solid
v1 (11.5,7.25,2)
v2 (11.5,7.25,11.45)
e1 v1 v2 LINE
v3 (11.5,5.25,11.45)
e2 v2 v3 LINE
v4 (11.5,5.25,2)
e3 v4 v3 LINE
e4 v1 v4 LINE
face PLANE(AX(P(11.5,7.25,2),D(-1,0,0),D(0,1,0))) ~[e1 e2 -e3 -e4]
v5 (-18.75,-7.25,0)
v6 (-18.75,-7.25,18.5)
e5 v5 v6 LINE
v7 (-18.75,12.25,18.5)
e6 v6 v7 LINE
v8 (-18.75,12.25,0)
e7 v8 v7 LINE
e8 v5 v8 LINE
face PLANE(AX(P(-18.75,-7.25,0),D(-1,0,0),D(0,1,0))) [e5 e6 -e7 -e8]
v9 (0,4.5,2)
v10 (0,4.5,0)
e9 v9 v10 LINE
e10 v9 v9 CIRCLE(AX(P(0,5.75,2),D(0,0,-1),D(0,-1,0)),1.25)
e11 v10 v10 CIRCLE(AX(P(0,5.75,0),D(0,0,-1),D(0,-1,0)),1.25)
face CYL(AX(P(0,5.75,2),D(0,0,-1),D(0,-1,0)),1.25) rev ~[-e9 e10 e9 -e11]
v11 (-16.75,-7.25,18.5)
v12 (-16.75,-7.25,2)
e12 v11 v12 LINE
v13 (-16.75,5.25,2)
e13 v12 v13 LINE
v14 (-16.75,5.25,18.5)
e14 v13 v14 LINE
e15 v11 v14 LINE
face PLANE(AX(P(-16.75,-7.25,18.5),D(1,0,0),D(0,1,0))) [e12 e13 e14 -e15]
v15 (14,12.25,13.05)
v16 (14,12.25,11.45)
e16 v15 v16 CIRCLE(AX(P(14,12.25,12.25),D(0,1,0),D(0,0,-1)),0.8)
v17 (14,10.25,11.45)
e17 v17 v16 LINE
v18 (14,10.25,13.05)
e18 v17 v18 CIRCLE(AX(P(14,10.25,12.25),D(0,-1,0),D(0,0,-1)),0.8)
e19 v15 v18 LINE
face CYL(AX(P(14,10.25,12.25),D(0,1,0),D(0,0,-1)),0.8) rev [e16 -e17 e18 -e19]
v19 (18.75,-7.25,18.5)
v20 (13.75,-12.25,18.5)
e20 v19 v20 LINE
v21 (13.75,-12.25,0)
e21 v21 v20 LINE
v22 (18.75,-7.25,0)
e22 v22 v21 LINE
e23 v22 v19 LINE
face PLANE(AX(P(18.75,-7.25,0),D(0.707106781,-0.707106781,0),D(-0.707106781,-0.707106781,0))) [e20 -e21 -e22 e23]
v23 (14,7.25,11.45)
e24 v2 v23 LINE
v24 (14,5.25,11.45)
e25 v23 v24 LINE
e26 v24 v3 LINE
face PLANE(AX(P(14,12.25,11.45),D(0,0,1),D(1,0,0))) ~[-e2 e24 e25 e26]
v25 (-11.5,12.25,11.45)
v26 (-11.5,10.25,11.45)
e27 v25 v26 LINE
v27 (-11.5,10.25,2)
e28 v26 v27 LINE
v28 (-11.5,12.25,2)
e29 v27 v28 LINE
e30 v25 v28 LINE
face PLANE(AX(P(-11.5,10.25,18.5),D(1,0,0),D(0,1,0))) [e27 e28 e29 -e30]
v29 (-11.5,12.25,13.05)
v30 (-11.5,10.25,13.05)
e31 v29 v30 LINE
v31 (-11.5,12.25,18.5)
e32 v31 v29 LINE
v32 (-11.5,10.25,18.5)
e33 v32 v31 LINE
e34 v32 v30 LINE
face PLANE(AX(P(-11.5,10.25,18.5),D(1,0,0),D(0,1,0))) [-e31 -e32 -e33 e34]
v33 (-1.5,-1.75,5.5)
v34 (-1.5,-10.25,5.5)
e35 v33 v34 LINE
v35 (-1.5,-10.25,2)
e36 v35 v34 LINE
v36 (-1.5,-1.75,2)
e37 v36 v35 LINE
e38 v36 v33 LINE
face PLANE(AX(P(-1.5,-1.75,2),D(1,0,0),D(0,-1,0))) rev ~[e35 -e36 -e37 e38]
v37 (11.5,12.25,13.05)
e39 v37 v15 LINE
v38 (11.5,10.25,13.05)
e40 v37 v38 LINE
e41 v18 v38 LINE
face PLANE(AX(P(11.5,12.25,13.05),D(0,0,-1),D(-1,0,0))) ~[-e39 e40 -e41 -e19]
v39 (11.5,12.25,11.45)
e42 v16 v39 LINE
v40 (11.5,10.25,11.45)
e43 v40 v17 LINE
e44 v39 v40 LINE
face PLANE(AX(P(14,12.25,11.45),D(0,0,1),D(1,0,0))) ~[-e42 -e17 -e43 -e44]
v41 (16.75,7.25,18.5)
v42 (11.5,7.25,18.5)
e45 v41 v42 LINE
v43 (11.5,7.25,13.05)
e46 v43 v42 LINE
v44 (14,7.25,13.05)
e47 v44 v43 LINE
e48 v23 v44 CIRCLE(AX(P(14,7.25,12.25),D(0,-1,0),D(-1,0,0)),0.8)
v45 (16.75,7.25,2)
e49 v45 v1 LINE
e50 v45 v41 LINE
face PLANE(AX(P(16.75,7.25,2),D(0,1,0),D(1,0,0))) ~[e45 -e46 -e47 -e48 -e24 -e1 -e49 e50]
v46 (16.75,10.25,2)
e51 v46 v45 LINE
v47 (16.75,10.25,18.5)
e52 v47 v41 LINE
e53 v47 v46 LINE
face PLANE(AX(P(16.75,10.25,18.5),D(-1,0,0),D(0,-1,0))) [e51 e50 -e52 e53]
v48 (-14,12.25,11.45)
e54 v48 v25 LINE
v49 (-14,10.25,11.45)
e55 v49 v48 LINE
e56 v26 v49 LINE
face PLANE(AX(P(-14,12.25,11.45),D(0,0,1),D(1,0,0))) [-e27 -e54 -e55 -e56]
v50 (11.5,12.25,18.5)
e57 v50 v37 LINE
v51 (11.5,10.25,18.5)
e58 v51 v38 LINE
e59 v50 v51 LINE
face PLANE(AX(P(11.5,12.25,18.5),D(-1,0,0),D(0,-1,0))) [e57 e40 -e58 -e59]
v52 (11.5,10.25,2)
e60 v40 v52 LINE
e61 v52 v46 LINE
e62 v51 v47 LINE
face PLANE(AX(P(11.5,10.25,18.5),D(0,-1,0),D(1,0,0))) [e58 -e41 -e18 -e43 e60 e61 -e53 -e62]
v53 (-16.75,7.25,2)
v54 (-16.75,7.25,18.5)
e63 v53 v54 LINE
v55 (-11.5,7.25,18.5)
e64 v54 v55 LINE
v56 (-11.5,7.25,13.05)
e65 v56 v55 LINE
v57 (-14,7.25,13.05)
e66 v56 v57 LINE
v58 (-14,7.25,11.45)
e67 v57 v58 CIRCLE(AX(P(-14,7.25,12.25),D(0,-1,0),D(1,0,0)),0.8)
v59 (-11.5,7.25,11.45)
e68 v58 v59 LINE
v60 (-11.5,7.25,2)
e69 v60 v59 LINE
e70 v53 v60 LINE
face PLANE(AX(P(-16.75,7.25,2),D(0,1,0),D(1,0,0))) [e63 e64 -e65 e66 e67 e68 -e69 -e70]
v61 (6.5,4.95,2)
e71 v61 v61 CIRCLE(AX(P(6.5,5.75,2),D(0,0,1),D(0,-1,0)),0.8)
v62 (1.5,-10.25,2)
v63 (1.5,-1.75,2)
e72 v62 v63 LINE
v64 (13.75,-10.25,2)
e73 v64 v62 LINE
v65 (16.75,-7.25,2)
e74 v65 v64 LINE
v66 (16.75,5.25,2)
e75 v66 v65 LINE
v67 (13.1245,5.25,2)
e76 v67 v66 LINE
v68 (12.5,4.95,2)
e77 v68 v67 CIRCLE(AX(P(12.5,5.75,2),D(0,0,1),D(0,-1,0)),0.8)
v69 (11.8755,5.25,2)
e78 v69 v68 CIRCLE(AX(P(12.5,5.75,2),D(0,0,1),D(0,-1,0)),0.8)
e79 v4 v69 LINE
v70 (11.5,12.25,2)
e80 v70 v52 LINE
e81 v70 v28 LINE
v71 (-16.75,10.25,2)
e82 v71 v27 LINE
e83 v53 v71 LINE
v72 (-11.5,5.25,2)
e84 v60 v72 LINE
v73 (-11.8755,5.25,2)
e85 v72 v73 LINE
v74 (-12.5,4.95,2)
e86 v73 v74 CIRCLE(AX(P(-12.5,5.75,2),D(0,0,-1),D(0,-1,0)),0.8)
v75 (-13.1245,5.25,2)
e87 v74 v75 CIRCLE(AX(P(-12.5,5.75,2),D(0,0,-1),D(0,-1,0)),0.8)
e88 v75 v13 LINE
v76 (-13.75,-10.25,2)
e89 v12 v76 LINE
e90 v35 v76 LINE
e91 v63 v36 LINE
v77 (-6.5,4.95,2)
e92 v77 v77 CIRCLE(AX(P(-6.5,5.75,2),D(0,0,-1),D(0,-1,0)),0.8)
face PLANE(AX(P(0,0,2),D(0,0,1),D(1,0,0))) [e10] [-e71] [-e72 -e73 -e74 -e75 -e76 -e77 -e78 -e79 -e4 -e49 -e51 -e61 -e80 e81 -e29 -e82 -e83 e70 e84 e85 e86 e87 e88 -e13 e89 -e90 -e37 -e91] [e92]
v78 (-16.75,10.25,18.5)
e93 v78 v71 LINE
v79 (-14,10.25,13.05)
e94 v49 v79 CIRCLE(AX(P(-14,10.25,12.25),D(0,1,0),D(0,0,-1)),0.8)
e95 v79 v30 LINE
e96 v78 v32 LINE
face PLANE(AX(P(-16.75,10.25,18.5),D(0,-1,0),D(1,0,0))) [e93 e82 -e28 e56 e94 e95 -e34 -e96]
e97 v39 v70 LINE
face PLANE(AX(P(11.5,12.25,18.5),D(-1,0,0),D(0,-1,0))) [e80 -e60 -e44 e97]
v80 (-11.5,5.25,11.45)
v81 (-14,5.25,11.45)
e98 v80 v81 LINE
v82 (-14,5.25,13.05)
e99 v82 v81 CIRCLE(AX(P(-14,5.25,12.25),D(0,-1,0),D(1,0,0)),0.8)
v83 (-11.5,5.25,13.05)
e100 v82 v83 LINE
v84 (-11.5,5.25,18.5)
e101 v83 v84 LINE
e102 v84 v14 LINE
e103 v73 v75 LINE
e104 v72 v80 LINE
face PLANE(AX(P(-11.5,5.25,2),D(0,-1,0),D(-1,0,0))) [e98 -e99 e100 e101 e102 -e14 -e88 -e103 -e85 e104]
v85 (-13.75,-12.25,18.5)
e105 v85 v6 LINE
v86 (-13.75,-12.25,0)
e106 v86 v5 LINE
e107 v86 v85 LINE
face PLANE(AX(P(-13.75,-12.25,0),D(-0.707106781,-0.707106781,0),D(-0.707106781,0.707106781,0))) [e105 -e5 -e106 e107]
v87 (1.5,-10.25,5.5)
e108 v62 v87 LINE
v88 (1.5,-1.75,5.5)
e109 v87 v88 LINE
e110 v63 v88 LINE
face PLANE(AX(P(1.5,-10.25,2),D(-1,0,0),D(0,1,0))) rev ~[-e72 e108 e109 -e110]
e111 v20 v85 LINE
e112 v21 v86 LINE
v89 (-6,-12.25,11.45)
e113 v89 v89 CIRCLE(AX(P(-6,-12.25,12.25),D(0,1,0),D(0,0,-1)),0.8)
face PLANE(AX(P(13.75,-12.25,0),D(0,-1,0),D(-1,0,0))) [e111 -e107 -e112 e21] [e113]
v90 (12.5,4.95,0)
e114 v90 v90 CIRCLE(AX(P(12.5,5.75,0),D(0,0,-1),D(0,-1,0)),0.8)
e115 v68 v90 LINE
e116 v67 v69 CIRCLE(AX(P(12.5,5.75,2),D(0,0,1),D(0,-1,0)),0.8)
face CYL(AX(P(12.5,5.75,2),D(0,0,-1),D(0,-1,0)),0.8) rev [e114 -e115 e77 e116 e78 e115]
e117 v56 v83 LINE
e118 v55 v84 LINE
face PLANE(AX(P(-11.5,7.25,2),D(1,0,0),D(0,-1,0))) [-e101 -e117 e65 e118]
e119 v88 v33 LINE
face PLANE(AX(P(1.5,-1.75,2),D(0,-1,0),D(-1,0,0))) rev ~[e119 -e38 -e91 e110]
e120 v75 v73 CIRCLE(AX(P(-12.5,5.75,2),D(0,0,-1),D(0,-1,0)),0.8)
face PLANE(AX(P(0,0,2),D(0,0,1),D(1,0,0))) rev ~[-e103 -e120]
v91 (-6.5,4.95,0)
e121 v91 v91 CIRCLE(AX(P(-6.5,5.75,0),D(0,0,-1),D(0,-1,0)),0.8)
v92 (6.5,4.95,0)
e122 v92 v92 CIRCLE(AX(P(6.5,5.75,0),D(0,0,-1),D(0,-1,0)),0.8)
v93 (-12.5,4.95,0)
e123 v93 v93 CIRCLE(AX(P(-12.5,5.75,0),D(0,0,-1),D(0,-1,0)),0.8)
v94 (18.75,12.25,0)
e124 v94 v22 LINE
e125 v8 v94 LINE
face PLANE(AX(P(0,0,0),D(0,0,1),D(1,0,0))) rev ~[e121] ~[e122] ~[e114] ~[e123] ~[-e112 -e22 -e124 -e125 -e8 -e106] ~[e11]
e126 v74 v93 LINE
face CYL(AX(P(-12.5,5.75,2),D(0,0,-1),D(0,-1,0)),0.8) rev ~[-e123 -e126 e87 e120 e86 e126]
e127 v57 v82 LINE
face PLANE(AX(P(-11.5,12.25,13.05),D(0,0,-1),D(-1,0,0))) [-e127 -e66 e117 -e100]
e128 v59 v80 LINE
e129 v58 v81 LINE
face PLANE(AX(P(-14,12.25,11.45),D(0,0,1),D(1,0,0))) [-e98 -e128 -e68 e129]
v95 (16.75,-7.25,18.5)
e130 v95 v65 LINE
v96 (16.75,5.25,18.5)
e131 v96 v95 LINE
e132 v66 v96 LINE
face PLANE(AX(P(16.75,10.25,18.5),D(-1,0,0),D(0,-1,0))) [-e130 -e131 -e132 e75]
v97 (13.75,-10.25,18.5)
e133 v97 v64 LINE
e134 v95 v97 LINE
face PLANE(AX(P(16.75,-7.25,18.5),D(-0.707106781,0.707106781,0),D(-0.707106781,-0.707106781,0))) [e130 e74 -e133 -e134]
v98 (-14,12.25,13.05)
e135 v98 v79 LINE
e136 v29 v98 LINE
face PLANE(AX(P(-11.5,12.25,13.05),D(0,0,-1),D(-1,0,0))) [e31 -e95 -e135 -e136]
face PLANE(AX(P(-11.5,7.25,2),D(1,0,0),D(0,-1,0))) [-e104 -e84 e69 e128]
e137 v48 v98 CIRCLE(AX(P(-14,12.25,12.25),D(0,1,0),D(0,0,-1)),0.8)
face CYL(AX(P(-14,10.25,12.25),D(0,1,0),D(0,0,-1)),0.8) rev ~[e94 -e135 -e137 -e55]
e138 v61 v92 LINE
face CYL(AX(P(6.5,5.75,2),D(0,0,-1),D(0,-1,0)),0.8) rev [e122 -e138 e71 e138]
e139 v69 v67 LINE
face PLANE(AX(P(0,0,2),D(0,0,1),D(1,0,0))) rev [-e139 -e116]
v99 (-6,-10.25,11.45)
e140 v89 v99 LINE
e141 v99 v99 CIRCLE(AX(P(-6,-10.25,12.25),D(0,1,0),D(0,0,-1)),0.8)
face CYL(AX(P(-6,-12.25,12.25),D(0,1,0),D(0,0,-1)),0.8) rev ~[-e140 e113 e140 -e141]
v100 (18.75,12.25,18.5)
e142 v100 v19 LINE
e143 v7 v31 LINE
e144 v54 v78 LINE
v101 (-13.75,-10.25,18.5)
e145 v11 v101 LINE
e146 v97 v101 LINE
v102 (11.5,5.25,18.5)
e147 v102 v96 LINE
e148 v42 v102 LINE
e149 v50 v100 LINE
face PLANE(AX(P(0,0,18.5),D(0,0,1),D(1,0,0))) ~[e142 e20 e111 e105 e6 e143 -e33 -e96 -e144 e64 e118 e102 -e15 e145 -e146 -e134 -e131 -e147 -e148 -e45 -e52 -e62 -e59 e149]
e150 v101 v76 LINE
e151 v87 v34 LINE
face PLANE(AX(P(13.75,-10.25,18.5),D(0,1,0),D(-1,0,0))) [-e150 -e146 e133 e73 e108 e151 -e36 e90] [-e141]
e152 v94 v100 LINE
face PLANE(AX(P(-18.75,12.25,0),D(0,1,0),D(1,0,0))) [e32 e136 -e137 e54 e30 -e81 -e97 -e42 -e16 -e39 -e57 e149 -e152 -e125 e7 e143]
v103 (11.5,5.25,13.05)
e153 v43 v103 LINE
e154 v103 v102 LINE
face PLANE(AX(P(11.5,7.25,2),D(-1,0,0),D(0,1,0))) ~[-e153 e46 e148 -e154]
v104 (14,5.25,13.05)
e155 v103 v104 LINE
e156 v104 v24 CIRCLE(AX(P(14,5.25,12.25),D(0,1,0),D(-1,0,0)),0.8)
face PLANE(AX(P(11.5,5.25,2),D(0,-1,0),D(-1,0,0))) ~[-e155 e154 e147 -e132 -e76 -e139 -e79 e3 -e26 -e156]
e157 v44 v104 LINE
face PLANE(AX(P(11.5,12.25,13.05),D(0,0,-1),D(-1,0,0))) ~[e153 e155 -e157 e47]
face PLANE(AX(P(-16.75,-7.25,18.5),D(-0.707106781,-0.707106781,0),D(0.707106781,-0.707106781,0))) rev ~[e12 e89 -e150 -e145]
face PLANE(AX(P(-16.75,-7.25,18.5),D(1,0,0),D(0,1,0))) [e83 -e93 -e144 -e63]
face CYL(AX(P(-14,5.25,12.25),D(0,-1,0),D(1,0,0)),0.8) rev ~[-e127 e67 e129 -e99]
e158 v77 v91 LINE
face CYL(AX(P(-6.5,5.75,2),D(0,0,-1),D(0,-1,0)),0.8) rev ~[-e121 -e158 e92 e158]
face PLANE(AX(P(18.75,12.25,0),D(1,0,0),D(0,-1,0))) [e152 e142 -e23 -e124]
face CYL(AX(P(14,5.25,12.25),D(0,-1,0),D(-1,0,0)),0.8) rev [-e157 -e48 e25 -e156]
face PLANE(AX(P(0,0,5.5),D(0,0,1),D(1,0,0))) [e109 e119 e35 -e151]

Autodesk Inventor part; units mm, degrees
ref_plane "YZ Plane" through (0, 0, 0) normal (1, 0, 0) x (0, 1, 0)
ref_plane "XZ Plane" through (0, 0, 0) normal (0, 1, 0) x (-1, 0, 0)
ref_plane "XY Plane" through (0, 0, 0) normal (0, 0, 1) x (1, 0, 0)
sketch "スケッチ1" plane through (0, 0, 0) normal (0, 0, 1) x (1, 0, 0)
  line L0 (-26.25, 0) -> (26.25, 0) construction
  line L1 (0, -17.15) -> (0, 17.15) construction
  line L2 (-18.75, 12.25) -> (18.75, 12.25)
  line L3 (18.75, 12.25) -> (18.75, -7.25)
  line L4 (13.75, -12.25) -> (-13.75, -12.25)
  line L5 (-18.75, -7.25) -> (-18.75, 12.25)
  line L6 (-13.75, -12.25) -> (-18.75, -7.25)
  line L7 (18.75, -7.25) -> (13.75, -12.25)
  point P0 (0, 0)
  point P1 (18.75, -12.25)
  point P2 (-18.75, -12.25)
  dimension "d0" = 37.5
  dimension "d1" = 24.5
  dimension "d2" = 18.75
  dimension "d3" = 12.25
  dimension "d76" = 5
  dimension "d77" = 5
  dimension "d78" = 5
  dimension "d79" = 5
extrude "押し出し1" add sketch "スケッチ1" along normal blind 18.5
sketch "スケッチ2" plane through (0, 0, 18.5) normal (0, 0, 1) x (1, 0, 0)
  line L0 (18.75, 12.25) -> (-18.75, 12.25) projected
  line L1 (-18.75, 12.25) -> (-18.75, -7.25) projected
  line L2 (-13.75, -12.25) -> (13.75, -12.25) projected
  line L3 (18.75, -7.25) -> (18.75, 12.25) projected
  line L4 (16.75, 10.25) -> (16.75, -7.25)
  line L5 (13.75, -10.25) -> (-13.75, -10.25)
  line L6 (-16.75, -7.25) -> (-16.75, 10.25)
  line L7 (-11.5, 12.25) -> (11.5, 12.25)
  line L8 (11.5, 12.25) -> (11.5, 10.25)
  line L9 (-11.5, 10.25) -> (-11.5, 12.25)
  line L10 (-16.75, 10.25) -> (-11.5, 10.25)
  line L11 (11.5, 10.25) -> (16.75, 10.25)
  line L12 (-16.75, -7.25) -> (-13.75, -10.25)
  line L13 (16.75, -7.25) -> (13.75, -10.25)
  point P0 (-18.75, -12.25)
  point P1 (18.75, -12.25)
  point P2 (0, 0)
  dimension "d6" = 2
  dimension "d7" = 7.25
  dimension "d8" = 7.25
  dimension "d66" = 5
  dimension "d67" = 5
  dimension "d68" = 5
  dimension "d69" = 5
  dimension "d71" = 2
  dimension "d72" = 2
  dimension "d74" = 2
  dimension "d75" = 2
extrude "押し出し2" cut sketch "スケッチ2" against normal blind 16.5
sketch "スケッチ3" plane through (0, 0, 2) normal (0, 0, 1) x (1, 0, 0)
  line L0 (13.75, -10.25) -> (-13.75, -10.25) projected
  line L1 (-1.5, -10.25) -> (1.5, -10.25)
  line L2 (1.5, -10.25) -> (1.5, -1.75)
  line L3 (1.5, -1.75) -> (-1.5, -1.75)
  line L4 (-1.5, -1.75) -> (-1.5, -10.25)
  point P0 (0, 0)
  dimension "d11" = 3
  dimension "d12" = 8.5
  dimension "d13" = 1.5
extrude "押し出し3" add sketch "スケッチ3" along normal blind 3.5
sketch "スケッチ4" plane through (-16.75, 10.25, 18.5) normal (0, -1, 0) x (1, 0, 0)
  line L0 (0, 0) -> (5.25, 0) projected
  line L1 (5.25, 0) -> (5.25, -16.5) projected
  point P0 (16.75, -18.5)
  point P1 (2.75, -6.25)
  dimension "d16" = 6.25
  dimension "d50" = 2.5
hole "穴1" at (-14, 10.25, 12.25) direction (0, 1, 0) diameter 1.6 end through all
mirror "ミラー1" about plane through (0, 0, 0) normal (1, 0, 0) of "穴1"
sketch "スケッチ5" plane through (-18.75, -12.25, 0) normal (0, -1, 0) x (1, 0, 0)
  circle A0 centre (4.75, 12.25) radius 0.8 projected
  line L0 (5, 18.5) -> (32.5, 18.5) projected
  point P0 (18.75, 0)
  point P1 (12.75, 12.25)
  point P2 (37.5, 18.5)
  point P3 (0, 18.5)
  dimension "d25" = 8
  dimension "d60" = 6.25
hole "穴2" at (-6, -12.25, 12.25) direction (0, 1, 0) diameter 1.6 end through all
sketch "スケッチ6" plane through (0, 0, 2) normal (0, 0, 1) x (1, 0, 0)
  line L0 (-1.5, -10.25) -> (-13.75, -10.25) projected
  point P0 (0, 0)
  point P1 (0, 5.75)
  dimension "d33" = 16
hole "穴3" at (0, 5.75, 2) direction (0, 0, -1) diameter 2.5 end through all
sketch "スケッチ7" plane through (0, 0, 2) normal (0, 0, 1) x (1, 0, 0)
  circle A0 centre (0, 5.75) radius 1.25 projected
  point P0 (0, 0)
  point P1 (-6.5, 5.75)
  point P2 (-12.5, 5.75)
  dimension "d41" = 6.5
  dimension "d42" = 12.5
hole "穴4" at (-6.5, 5.75, 2) at (-12.5, 5.75, 2) direction (0, 0, -1) diameter 1.6 end through all
mirror "ミラー2" about plane through (0, 0, 0) normal (1, 0, 0) of "穴4"
sketch "スケッチ8" plane through (0, 0, 2) normal (0, 0, 1) x (1, 0, 0)
  line L0 (-16.75, 10.25) -> (-11.5, 10.25) projected
  line L1 (-16.75, -10.25) -> (-16.75, 10.25) projected
  line L2 (-16.75, 7.25) -> (-11.5, 7.25)
  line L3 (-11.5, 7.25) -> (-11.5, 5.25)
  line L4 (-11.5, 5.25) -> (-16.75, 5.25)
  line L5 (-16.75, 5.25) -> (-16.75, 7.25)
  point P0 (-13.75, -10.25)
  point P1 (0, 0)
  dimension "d51" = 2
  dimension "d52" = 5.25
  dimension "d53" = 3
extrude "押し出し4" add sketch "スケッチ8" along normal blind 16.5
sketch "スケッチ9" plane through (-16.75, 5.25, 2) normal (0, -1, 0) x (1, 0, 0)
  circle A0 centre (2.75, 10.25) radius 0.8 projected
  point P0 (16.75, -2)
extrude "押し出し5" cut sketch "スケッチ9" against normal blind 3
mirror "ミラー3" about plane through (0, 0, 0) normal (1, 0, 0) of "押し出し4"
mirror "ミラー4" about plane through (0, 0, 0) normal (1, 0, 0) of "押し出し5"
sketch "スケッチ10" plane through (-18.75, 12.25, 0) normal (0, 1, 0) x (1, 0, 0)
  circle A0 centre (4.75, -12.25) radius 0.8 projected
  line L0 (7.25, -18.5) -> (7.25, -2) projected
  line L1 (4.75, -11.45) -> (7.25, -11.45)
  line L2 (7.25, -11.45) -> (7.25, -13.05)
  line L3 (7.25, -13.05) -> (4.75, -13.05)
  line L4 (4.75, -13.05) -> (4.75, -11.45)
  point P0 (18.75, 0)
extrude "押し出し6" cut sketch "スケッチ10" against normal blind 10 contours A0 L4 | A0 L1 L0 L3 picked at (4.8657, -12.0097)
mirror "ミラー5" about plane through (0, 0, 0) normal (1, 0, 0) of "押し出し6"
equation "\"d2\" = 0.5 * d0"
equation "\"d3\" = 0.5 * d1"
equation "\"d77\" = d76"
equation "\"d78\" = d76"
equation "\"d79\" = d78"
equation "\"d8\" = d7"
equation "\"d13\" = 0.5 * d11"
properties part number "case-new"
